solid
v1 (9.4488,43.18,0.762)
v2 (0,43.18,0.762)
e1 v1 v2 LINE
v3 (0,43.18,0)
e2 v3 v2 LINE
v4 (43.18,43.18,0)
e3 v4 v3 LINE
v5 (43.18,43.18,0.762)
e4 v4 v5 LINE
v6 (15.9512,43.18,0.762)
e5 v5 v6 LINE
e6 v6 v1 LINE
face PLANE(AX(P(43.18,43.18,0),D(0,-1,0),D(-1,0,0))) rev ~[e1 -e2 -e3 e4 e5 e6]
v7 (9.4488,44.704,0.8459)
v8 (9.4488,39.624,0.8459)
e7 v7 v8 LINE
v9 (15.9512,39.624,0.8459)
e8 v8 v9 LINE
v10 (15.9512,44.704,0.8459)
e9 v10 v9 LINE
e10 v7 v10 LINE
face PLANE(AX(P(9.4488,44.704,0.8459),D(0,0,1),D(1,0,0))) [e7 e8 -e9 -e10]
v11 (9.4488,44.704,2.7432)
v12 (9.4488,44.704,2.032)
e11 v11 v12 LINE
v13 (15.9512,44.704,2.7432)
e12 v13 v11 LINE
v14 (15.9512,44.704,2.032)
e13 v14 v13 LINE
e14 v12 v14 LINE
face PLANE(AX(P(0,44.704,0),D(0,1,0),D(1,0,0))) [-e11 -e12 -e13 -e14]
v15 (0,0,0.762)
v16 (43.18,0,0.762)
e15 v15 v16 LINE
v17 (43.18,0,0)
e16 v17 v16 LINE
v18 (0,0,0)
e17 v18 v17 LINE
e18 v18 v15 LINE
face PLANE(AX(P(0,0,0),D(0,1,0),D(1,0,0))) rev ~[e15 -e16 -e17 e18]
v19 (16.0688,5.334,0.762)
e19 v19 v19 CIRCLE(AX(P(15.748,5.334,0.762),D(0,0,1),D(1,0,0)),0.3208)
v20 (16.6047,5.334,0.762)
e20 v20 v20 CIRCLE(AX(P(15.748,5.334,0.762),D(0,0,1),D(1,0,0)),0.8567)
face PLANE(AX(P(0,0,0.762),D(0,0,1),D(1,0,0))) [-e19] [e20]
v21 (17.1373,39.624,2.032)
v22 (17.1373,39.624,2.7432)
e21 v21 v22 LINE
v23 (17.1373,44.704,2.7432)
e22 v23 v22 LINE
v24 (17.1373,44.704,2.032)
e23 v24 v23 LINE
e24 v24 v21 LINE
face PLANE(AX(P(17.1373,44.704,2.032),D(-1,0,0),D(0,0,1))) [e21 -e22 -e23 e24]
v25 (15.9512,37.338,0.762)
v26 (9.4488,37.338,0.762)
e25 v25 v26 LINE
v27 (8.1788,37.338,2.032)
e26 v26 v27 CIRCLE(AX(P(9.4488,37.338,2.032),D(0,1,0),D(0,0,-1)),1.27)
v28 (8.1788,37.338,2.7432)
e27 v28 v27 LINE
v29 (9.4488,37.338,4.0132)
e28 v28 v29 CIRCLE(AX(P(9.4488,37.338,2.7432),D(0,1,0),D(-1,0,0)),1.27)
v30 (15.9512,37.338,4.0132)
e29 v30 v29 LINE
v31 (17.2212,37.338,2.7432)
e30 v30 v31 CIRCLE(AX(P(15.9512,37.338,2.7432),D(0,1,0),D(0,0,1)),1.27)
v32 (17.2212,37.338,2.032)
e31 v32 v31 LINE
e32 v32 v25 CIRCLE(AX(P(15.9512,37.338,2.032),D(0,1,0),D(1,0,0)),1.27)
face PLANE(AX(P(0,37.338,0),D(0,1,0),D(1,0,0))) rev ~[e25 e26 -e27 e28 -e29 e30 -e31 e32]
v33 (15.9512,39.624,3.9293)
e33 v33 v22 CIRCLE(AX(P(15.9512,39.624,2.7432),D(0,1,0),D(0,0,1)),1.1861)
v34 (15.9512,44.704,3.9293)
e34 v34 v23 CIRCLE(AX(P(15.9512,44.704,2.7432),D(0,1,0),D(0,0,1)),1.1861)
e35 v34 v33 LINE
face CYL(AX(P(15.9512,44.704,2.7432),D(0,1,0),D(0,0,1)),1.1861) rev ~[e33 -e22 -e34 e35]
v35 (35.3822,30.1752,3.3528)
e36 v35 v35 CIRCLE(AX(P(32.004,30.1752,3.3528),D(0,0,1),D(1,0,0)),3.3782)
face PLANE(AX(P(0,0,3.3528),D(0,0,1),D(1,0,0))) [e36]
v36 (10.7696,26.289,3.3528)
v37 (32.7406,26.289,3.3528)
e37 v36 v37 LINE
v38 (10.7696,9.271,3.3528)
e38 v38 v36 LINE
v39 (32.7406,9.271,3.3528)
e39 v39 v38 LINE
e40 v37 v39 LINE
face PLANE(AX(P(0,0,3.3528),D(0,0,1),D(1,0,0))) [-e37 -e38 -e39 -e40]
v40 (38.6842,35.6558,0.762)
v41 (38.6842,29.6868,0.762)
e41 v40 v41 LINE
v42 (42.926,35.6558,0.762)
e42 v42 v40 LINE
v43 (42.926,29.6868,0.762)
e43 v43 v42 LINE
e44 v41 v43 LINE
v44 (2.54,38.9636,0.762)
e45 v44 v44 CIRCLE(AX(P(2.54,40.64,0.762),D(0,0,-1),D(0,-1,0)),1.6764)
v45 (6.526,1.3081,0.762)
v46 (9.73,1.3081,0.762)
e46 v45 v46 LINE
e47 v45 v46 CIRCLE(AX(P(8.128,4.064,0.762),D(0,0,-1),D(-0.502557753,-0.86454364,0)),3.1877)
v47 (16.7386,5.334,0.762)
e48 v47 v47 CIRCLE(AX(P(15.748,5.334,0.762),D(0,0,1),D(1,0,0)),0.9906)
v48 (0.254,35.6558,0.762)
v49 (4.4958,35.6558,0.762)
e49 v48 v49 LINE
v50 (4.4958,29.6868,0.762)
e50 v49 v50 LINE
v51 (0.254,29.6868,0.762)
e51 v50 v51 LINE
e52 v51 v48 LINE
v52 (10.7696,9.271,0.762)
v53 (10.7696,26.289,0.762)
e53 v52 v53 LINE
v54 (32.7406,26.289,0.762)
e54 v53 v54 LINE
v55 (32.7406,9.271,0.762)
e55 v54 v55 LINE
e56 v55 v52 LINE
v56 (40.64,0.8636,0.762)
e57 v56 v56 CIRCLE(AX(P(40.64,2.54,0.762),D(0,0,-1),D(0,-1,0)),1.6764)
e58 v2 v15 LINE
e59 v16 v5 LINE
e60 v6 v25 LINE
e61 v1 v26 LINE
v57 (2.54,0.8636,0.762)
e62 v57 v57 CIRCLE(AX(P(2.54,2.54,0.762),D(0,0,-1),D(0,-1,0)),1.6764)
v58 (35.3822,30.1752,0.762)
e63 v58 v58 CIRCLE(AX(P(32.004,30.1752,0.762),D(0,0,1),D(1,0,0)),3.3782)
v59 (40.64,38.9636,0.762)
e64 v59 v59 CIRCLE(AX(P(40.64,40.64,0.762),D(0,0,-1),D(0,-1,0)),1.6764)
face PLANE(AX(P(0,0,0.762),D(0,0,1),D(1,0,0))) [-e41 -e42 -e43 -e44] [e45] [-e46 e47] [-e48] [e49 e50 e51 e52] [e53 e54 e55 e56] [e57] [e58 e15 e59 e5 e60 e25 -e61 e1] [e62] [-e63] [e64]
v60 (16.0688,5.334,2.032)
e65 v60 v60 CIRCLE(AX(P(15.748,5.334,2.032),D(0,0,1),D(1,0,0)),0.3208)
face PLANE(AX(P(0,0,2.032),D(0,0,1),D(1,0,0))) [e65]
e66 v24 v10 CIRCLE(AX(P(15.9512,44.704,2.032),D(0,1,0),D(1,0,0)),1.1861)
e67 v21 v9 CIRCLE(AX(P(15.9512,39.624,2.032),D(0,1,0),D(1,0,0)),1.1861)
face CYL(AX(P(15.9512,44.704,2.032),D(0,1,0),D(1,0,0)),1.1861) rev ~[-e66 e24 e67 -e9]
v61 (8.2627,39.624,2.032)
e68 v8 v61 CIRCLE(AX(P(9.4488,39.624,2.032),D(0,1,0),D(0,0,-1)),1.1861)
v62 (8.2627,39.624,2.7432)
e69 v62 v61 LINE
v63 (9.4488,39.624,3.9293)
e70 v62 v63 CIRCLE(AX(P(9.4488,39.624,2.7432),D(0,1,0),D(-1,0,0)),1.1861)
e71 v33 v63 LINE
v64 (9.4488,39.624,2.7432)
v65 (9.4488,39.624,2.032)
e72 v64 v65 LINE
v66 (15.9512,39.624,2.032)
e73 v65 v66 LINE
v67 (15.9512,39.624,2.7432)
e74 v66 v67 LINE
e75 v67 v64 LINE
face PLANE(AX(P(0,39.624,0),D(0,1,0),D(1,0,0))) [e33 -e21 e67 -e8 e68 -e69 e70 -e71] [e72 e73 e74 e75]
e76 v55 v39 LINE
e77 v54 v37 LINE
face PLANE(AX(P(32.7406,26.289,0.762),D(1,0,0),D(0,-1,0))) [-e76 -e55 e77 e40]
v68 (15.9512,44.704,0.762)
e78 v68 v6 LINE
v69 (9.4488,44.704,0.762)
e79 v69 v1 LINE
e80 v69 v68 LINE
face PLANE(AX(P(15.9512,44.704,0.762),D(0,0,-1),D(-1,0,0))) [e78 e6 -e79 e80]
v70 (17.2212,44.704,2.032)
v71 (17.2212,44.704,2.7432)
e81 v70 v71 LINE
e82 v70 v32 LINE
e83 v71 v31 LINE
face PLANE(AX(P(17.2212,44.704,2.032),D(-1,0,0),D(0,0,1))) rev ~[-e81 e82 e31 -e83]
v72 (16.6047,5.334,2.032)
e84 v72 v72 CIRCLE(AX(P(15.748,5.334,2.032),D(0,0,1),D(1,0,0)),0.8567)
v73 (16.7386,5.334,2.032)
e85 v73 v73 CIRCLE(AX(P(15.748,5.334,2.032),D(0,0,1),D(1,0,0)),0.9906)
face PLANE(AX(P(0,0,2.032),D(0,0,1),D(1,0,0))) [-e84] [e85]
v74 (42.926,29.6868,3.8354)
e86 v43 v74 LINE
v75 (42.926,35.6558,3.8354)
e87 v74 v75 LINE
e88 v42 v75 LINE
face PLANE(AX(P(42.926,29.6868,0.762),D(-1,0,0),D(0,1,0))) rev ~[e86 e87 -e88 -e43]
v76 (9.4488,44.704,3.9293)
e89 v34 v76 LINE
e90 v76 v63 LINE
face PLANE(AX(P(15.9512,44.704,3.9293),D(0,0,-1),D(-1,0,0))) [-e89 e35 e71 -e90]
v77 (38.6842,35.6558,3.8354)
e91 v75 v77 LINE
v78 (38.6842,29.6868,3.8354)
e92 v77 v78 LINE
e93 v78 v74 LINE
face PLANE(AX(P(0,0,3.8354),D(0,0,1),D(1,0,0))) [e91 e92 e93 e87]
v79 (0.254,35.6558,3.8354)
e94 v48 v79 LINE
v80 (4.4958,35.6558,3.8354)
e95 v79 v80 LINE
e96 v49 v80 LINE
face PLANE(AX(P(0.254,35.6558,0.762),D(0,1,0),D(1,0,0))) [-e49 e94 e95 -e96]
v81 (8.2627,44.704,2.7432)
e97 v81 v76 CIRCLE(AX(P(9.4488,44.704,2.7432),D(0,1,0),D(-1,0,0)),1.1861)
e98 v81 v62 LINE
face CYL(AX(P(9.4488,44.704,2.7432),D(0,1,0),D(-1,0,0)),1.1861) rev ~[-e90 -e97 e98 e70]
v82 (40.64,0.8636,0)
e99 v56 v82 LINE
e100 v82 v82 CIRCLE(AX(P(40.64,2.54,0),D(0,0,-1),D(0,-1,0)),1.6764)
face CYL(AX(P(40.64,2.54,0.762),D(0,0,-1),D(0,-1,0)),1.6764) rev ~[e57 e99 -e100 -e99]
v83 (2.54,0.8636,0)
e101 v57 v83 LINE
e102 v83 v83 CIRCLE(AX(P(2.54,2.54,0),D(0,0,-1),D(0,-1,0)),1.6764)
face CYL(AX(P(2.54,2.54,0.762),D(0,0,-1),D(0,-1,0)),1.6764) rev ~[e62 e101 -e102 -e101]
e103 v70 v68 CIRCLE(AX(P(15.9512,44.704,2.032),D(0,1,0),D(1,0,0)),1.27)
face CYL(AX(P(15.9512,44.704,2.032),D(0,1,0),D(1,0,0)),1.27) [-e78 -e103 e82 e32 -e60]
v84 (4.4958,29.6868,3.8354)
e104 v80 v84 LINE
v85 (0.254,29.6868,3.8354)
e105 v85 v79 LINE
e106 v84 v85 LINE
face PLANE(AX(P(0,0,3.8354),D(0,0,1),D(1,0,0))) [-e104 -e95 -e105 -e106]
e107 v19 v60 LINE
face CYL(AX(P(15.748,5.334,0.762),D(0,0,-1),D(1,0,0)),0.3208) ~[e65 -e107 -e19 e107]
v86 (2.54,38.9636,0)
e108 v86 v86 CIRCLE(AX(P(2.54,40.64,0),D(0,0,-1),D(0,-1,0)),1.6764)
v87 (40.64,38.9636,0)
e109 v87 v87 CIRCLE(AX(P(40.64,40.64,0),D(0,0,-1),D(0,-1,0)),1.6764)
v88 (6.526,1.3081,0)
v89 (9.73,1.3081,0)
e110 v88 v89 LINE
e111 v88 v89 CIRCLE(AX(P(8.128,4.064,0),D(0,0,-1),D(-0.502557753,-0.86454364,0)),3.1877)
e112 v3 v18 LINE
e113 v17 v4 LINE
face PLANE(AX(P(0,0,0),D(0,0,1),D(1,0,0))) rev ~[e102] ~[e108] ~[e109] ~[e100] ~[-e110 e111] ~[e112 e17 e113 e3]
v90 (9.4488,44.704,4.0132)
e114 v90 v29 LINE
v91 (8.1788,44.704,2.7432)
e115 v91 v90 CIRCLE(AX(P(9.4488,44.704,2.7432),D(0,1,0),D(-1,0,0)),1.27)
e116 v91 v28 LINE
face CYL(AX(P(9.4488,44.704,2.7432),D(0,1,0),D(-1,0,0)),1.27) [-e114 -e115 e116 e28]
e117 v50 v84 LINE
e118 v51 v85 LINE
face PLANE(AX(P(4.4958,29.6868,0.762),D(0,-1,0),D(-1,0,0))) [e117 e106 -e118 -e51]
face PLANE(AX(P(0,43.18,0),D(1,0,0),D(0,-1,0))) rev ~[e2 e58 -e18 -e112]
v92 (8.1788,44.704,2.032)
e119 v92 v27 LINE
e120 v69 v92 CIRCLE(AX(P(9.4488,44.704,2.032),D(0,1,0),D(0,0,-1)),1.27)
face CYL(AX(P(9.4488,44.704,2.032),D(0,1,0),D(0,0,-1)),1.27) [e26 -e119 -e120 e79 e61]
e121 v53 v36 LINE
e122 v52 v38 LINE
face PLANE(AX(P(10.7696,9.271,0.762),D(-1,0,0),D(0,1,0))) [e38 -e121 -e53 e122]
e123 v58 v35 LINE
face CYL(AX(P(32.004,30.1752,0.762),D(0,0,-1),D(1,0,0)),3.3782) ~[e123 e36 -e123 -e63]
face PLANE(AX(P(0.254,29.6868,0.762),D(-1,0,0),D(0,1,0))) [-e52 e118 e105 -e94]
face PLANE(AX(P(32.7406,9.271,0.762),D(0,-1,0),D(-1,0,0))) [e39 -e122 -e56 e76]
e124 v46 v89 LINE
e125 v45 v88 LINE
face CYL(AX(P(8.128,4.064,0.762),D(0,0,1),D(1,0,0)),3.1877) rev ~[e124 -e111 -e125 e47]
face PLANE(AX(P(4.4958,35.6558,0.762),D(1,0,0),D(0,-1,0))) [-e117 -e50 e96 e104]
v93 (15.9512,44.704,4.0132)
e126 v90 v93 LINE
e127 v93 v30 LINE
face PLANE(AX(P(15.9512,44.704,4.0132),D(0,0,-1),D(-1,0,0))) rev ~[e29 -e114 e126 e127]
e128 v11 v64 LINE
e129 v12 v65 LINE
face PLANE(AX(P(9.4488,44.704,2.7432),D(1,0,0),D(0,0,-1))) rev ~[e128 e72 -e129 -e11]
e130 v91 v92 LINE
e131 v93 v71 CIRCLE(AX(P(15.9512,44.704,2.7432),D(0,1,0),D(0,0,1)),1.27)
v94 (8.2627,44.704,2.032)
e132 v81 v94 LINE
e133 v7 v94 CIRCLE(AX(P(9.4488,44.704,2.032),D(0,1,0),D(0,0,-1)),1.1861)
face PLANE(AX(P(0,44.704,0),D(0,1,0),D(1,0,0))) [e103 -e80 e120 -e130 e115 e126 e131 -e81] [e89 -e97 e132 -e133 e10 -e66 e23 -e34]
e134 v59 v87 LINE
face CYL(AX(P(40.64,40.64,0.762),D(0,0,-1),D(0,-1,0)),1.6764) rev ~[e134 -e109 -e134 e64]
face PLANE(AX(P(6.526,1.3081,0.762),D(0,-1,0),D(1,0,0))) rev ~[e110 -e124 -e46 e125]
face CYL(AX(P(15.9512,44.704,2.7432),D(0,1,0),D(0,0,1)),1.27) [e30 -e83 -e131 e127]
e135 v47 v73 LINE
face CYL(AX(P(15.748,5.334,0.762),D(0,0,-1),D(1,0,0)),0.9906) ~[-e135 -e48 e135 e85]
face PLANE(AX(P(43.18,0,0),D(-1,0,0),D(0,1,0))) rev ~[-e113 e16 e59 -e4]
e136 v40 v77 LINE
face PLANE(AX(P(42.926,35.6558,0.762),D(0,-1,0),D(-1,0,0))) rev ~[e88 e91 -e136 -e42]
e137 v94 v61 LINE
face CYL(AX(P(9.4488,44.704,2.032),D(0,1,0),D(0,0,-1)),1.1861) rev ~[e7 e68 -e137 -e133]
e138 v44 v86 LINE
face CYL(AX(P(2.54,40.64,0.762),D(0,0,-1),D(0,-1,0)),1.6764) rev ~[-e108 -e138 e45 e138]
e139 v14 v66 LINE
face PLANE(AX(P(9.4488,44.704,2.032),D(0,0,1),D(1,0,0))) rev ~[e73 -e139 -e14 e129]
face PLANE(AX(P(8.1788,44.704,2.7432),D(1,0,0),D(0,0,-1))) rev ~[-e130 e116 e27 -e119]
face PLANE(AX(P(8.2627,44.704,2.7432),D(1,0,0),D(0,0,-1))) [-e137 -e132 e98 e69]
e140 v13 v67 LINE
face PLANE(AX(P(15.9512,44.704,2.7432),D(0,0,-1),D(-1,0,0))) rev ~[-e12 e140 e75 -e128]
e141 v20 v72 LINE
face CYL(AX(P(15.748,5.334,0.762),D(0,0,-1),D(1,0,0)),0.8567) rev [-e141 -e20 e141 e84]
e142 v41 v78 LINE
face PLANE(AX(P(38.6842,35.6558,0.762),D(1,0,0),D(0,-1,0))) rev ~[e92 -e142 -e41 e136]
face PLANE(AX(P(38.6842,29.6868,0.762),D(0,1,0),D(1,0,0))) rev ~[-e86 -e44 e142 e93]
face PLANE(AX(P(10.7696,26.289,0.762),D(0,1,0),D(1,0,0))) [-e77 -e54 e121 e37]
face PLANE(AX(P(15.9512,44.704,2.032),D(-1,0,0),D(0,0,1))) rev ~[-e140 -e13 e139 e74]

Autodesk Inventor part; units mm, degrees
ref_plane "YZ Plane" through (0, 0, 0) normal (1, 0, 0) x (0, 1, 0)
ref_plane "XZ Plane" through (0, 0, 0) normal (0, 1, 0) x (-1, 0, 0)
sketch "Sketch1" plane through (0, 0, 0) normal (0, 0, 1) x (1, 0, 0)
  line L0 (0, 0) -> (43.18, 0)
  line L1 (43.18, 0) -> (43.18, 43.18)
  line L2 (43.18, 43.18) -> (0, 43.18)
  line L3 (0, 43.18) -> (0, 0)
  dimension "d0" = 43.18
  dimension "d1" = 43.18
extrude "Extrusion1" add sketch "Sketch1" along normal blind 0.762
sketch "Sketch2" plane through (0, 0, 0.762) normal (0, 0, 1) x (1, 0, 0)
  line L0 (0, 0) -> (43.18, 0) projected
  line L1 (43.18, 0) -> (43.18, 43.18) projected
  line L2 (43.18, 43.18) -> (0, 43.18) projected
  line L3 (0, 43.18) -> (0, 0) projected
  line L4 (2.54, 40.64) -> (40.64, 40.64)
  line L5 (40.64, 40.64) -> (40.64, 2.54)
  line L6 (40.64, 2.54) -> (2.54, 2.54)
  line L7 (2.54, 2.54) -> (2.54, 40.64)
  dimension "d4" = 2.54
hole "Hole1" at (2.54, 40.64, 0.762) at (2.54, 2.54, 0.762) at (40.64, 2.54, 0.762) at (40.64, 40.64, 0.762) direction (0, 0, -1) diameter 3.3528 depth 25.4 tip angle 118
ref_plane "Work Plane1" through (0, 44.704, 0) normal (0, 1, 0) x (1, 0, 0)
sketch "Sketch3" plane through (0, 44.704, 0) normal (0, 1, 0) x (1, 0, 0)
  line L0 (43.18, -0.762) -> (0, -0.762) projected
  line L1 (9.4488, -0.762) -> (15.9512, -0.762)
  line L2 (17.2212, -2.032) -> (17.2212, -2.7432)
  line L3 (15.9512, -4.0132) -> (9.4488, -4.0132)
  line L4 (8.1788, -2.7432) -> (8.1788, -2.032)
  line L5 (0, 0) -> (0, -0.762) projected
  arc A0 (9.4488, -0.762) -> (8.1788, -2.032) centre (9.4488, -2.032) ccw
  arc A1 (17.2212, -2.032) -> (15.9512, -0.762) centre (15.9512, -2.032) ccw
  arc A2 (15.9512, -4.0132) -> (17.2212, -2.7432) centre (15.9512, -2.7432) ccw
  arc A3 (8.1788, -2.7432) -> (9.4488, -4.0132) centre (9.4488, -2.7432) ccw
  line L6 (0, -0.762) -> (43.18, -0.762) projected
  line L7 (12.827, -0.762) -> (12.827, 2.5763)
  line L8 (12.7, -4.0132) -> (12.7, -2.4751)
  point P0 (8.1788, -0.762)
  point P1 (17.2212, -4.0132)
  point P2 (17.2212, -0.762)
  point P3 (8.1788, -4.0132)
  dimension "d13" = 9.0424
  dimension "d14" = 3.2512
  dimension "d15" = 8.1788
  dimension "d16" = 1.27
extrude "Extrusion2" add sketch "Sketch3" against normal blind 7.366
sketch "Sketch4" plane through (0, 44.704, 0) normal (0, 1, 0) x (1, 0, 0)
  line L0 (9.4488, -0.762) -> (15.9512, -0.762) projected
  arc A0 (9.4488, -0.762) -> (8.1788, -2.032) centre (9.4488, -2.032) ccw projected
  line L1 (8.1788, -2.7432) -> (8.1788, -2.032) projected
  arc A1 (8.1788, -2.7432) -> (9.4488, -4.0132) centre (9.4488, -2.7432) ccw projected
  line L2 (15.9512, -4.0132) -> (9.4488, -4.0132) projected
  arc A2 (15.9512, -4.0132) -> (17.2212, -2.7432) centre (15.9512, -2.7432) ccw projected
  line L3 (17.2212, -2.032) -> (17.2212, -2.7432) projected
  arc A3 (17.2212, -2.032) -> (15.9512, -0.762) centre (15.9512, -2.032) ccw projected
  line L4 (9.4488, -2.032) -> (15.9512, -2.032)
  line L5 (15.9512, -2.032) -> (15.9512, -2.7432)
  line L6 (15.9512, -2.7432) -> (9.4488, -2.7432)
  line L7 (9.4488, -2.7432) -> (9.4488, -2.032)
  arc A4 (9.4488, -0.8459) -> (8.2627, -2.032) centre (9.4488, -2.032) ccw
  line L8 (9.4488, -0.8459) -> (15.9512, -0.8459)
  arc A5 (17.1373, -2.032) -> (15.9512, -0.8459) centre (15.9512, -2.032) ccw
  line L9 (17.1373, -2.032) -> (17.1373, -2.7432)
  arc A6 (15.9512, -3.9293) -> (17.1373, -2.7432) centre (15.9512, -2.7432) ccw
  line L10 (15.9512, -3.9293) -> (9.4488, -3.9293)
  arc A7 (8.2627, -2.7432) -> (9.4488, -3.9293) centre (9.4488, -2.7432) ccw
  line L11 (8.2627, -2.7432) -> (8.2627, -2.032)
  point P0 (0, 0)
extrude "Extrusion3" cut sketch "Sketch4" against normal blind 5.08 contours L8 A5 L9 A6 L10 A7 L11 A4
sketch "Sketch5" plane through (0, 0, 0.762) normal (0, 0, 1) x (1, 0, 0)
  line L0 (9.4488, 43.18) -> (9.4488, 37.338) projected
  line L1 (9.4488, 43.18) -> (0, 43.18) projected
  line L2 (0, 43.18) -> (0, 0) projected
  line L3 (0, 0) -> (43.18, 0) projected
  line L4 (43.18, 0) -> (43.18, 43.18) projected
  line L5 (43.18, 43.18) -> (15.9512, 43.18) projected
  line L6 (15.9512, 43.18) -> (15.9512, 37.338) projected
  line L7 (15.9512, 37.338) -> (9.4488, 37.338) projected
  circle A0 centre (40.64, 2.54) radius 1.6764 projected
  circle A1 centre (2.54, 40.64) radius 1.6764 projected
  circle A2 centre (2.54, 2.54) radius 1.6764 projected
  circle A3 centre (40.64, 40.64) radius 1.6764 projected
  line L8 (0, 0) -> (43.18, 0) projected
  line L9 (21.59, 0) -> (21.59, 11.5828)
  line L10 (0.254, 35.6558) -> (4.4958, 35.6558)
  line L11 (4.4958, 35.6558) -> (4.4958, 29.6868)
  line L12 (4.4958, 29.6868) -> (0.254, 29.6868)
  line L13 (0.254, 29.6868) -> (0.254, 35.6558)
  line L14 (42.926, 35.6558) -> (38.6842, 35.6558)
  line L15 (38.6842, 35.6558) -> (38.6842, 29.6868)
  line L16 (38.6842, 29.6868) -> (42.926, 29.6868)
  line L17 (42.926, 29.6868) -> (42.926, 35.6558)
  dimension "d21" = 4.2418
  dimension "d22" = 5.969
  dimension "d23" = 0.254
extrude "Extrusion4" add sketch "Sketch5" along normal blind 3.0734 contours L10 L11 L12 L13 | L17 L16 L15 L14
sketch "Sketch6" plane through (0, 0, 0.762) normal (0, 0, 1) x (1, 0, 0)
  circle A0 centre (8.128, 4.064) radius 3.1877
  line L0 (0, 43.18) -> (0, 0) projected
  line L1 (0, 0) -> (43.18, 0) projected
  line L2 (6.526, 1.3081) -> (9.73, 1.3081)
  line L3 (8.128, 7.2517) -> (14.0521, 7.2517)
  dimension "d26" = 6.3754
  dimension "d27" = 8.128
  dimension "d28" = 4.064
  dimension "d29" = 5.9436
extrude "Extrusion5" cut sketch "Sketch6" against normal through all contours A0 L2 picked at (8.128, 3.2893)
sketch "Sketch7" plane through (0, 0, 0.762) normal (0, 0, 1) x (1, 0, 0)
  line L0 (10.7696, 26.289) -> (32.7406, 26.289)
  line L1 (32.7406, 26.289) -> (32.7406, 9.271)
  line L2 (32.7406, 9.271) -> (10.7696, 9.271)
  line L3 (10.7696, 9.271) -> (10.7696, 26.289)
  line L4 (0, 0) -> (43.18, 0) projected
  line L5 (0, 43.18) -> (0, 0) projected
  dimension "d32" = 21.971
  dimension "d33" = 17.018
  dimension "d34" = 9.271
  dimension "d35" = 10.7696
extrude "Extrusion6" add sketch "Sketch7" along normal blind 2.5908
sketch "Sketch8" plane through (0, 0, 0.762) normal (0, 0, 1) x (1, 0, 0)
  circle A0 centre (32.004, 30.1752) radius 3.3782
  line L0 (43.18, 43.18) -> (15.9512, 43.18) projected
  line L1 (43.18, 0) -> (43.18, 43.18) projected
  point P0 (0, 0)
  dimension "d38" = 6.7564
  dimension "d39" = 13.0048
  dimension "d40" = 11.176
extrude "Extrusion7" add sketch "Sketch8" along normal blind 2.5908
sketch "Sketch9" plane through (0, 0, 0.762) normal (0, 0, 1) x (1, 0, 0)
  circle A0 centre (15.748, 5.334) radius 0.9906
  circle A1 centre (15.748, 5.334) radius 0.8567
  circle A2 centre (15.748, 5.334) radius 0.3208
  line L0 (0, 43.18) -> (0, 0) projected
  line L1 (0, 0) -> (43.18, 0) projected
  dimension "d43" = 1.9812
  dimension "d44" = 15.748
  dimension "d45" = 5.334
extrude "Extrusion8" add sketch "Sketch9" along normal blind 1.27
sketch "Sketch10" plane through (9.4488, 44.704, 4.0132) normal (0, 0, 1) x (1, 0, 0)
  line L0 (-9.4517, -1.8915) -> (33.7316, -1.8915) construction
  line L1 (33.7316, -1.8915) -> (33.7316, -44.7034) construction
  line L2 (33.7316, -44.7034) -> (-9.4517, -44.7034) construction
  line L3 (-9.4517, -44.7034) -> (-9.4517, -1.8915) construction
  point P0 (-9.4488, -44.704)
decal "Decal1"
sketch "Sketch11" plane through (0, 0, 3.3528) normal (0, 0, 1) x (1, 0, 0)
  line L0 (0.004, 42.7411) -> (43.1873, 42.7411) construction
  line L1 (43.1873, 42.7411) -> (43.1873, -0.0708) construction
  line L2 (43.1873, -0.0708) -> (0.004, -0.0708) construction
  line L3 (0.004, -0.0708) -> (0.004, 42.7411) construction
  point P0 (0, 0)
  point P1 (-9.4488, -44.704)
decal "Decal2"
properties part number "SparkFun GPS-RTK2 Board - ZED-F9P"
